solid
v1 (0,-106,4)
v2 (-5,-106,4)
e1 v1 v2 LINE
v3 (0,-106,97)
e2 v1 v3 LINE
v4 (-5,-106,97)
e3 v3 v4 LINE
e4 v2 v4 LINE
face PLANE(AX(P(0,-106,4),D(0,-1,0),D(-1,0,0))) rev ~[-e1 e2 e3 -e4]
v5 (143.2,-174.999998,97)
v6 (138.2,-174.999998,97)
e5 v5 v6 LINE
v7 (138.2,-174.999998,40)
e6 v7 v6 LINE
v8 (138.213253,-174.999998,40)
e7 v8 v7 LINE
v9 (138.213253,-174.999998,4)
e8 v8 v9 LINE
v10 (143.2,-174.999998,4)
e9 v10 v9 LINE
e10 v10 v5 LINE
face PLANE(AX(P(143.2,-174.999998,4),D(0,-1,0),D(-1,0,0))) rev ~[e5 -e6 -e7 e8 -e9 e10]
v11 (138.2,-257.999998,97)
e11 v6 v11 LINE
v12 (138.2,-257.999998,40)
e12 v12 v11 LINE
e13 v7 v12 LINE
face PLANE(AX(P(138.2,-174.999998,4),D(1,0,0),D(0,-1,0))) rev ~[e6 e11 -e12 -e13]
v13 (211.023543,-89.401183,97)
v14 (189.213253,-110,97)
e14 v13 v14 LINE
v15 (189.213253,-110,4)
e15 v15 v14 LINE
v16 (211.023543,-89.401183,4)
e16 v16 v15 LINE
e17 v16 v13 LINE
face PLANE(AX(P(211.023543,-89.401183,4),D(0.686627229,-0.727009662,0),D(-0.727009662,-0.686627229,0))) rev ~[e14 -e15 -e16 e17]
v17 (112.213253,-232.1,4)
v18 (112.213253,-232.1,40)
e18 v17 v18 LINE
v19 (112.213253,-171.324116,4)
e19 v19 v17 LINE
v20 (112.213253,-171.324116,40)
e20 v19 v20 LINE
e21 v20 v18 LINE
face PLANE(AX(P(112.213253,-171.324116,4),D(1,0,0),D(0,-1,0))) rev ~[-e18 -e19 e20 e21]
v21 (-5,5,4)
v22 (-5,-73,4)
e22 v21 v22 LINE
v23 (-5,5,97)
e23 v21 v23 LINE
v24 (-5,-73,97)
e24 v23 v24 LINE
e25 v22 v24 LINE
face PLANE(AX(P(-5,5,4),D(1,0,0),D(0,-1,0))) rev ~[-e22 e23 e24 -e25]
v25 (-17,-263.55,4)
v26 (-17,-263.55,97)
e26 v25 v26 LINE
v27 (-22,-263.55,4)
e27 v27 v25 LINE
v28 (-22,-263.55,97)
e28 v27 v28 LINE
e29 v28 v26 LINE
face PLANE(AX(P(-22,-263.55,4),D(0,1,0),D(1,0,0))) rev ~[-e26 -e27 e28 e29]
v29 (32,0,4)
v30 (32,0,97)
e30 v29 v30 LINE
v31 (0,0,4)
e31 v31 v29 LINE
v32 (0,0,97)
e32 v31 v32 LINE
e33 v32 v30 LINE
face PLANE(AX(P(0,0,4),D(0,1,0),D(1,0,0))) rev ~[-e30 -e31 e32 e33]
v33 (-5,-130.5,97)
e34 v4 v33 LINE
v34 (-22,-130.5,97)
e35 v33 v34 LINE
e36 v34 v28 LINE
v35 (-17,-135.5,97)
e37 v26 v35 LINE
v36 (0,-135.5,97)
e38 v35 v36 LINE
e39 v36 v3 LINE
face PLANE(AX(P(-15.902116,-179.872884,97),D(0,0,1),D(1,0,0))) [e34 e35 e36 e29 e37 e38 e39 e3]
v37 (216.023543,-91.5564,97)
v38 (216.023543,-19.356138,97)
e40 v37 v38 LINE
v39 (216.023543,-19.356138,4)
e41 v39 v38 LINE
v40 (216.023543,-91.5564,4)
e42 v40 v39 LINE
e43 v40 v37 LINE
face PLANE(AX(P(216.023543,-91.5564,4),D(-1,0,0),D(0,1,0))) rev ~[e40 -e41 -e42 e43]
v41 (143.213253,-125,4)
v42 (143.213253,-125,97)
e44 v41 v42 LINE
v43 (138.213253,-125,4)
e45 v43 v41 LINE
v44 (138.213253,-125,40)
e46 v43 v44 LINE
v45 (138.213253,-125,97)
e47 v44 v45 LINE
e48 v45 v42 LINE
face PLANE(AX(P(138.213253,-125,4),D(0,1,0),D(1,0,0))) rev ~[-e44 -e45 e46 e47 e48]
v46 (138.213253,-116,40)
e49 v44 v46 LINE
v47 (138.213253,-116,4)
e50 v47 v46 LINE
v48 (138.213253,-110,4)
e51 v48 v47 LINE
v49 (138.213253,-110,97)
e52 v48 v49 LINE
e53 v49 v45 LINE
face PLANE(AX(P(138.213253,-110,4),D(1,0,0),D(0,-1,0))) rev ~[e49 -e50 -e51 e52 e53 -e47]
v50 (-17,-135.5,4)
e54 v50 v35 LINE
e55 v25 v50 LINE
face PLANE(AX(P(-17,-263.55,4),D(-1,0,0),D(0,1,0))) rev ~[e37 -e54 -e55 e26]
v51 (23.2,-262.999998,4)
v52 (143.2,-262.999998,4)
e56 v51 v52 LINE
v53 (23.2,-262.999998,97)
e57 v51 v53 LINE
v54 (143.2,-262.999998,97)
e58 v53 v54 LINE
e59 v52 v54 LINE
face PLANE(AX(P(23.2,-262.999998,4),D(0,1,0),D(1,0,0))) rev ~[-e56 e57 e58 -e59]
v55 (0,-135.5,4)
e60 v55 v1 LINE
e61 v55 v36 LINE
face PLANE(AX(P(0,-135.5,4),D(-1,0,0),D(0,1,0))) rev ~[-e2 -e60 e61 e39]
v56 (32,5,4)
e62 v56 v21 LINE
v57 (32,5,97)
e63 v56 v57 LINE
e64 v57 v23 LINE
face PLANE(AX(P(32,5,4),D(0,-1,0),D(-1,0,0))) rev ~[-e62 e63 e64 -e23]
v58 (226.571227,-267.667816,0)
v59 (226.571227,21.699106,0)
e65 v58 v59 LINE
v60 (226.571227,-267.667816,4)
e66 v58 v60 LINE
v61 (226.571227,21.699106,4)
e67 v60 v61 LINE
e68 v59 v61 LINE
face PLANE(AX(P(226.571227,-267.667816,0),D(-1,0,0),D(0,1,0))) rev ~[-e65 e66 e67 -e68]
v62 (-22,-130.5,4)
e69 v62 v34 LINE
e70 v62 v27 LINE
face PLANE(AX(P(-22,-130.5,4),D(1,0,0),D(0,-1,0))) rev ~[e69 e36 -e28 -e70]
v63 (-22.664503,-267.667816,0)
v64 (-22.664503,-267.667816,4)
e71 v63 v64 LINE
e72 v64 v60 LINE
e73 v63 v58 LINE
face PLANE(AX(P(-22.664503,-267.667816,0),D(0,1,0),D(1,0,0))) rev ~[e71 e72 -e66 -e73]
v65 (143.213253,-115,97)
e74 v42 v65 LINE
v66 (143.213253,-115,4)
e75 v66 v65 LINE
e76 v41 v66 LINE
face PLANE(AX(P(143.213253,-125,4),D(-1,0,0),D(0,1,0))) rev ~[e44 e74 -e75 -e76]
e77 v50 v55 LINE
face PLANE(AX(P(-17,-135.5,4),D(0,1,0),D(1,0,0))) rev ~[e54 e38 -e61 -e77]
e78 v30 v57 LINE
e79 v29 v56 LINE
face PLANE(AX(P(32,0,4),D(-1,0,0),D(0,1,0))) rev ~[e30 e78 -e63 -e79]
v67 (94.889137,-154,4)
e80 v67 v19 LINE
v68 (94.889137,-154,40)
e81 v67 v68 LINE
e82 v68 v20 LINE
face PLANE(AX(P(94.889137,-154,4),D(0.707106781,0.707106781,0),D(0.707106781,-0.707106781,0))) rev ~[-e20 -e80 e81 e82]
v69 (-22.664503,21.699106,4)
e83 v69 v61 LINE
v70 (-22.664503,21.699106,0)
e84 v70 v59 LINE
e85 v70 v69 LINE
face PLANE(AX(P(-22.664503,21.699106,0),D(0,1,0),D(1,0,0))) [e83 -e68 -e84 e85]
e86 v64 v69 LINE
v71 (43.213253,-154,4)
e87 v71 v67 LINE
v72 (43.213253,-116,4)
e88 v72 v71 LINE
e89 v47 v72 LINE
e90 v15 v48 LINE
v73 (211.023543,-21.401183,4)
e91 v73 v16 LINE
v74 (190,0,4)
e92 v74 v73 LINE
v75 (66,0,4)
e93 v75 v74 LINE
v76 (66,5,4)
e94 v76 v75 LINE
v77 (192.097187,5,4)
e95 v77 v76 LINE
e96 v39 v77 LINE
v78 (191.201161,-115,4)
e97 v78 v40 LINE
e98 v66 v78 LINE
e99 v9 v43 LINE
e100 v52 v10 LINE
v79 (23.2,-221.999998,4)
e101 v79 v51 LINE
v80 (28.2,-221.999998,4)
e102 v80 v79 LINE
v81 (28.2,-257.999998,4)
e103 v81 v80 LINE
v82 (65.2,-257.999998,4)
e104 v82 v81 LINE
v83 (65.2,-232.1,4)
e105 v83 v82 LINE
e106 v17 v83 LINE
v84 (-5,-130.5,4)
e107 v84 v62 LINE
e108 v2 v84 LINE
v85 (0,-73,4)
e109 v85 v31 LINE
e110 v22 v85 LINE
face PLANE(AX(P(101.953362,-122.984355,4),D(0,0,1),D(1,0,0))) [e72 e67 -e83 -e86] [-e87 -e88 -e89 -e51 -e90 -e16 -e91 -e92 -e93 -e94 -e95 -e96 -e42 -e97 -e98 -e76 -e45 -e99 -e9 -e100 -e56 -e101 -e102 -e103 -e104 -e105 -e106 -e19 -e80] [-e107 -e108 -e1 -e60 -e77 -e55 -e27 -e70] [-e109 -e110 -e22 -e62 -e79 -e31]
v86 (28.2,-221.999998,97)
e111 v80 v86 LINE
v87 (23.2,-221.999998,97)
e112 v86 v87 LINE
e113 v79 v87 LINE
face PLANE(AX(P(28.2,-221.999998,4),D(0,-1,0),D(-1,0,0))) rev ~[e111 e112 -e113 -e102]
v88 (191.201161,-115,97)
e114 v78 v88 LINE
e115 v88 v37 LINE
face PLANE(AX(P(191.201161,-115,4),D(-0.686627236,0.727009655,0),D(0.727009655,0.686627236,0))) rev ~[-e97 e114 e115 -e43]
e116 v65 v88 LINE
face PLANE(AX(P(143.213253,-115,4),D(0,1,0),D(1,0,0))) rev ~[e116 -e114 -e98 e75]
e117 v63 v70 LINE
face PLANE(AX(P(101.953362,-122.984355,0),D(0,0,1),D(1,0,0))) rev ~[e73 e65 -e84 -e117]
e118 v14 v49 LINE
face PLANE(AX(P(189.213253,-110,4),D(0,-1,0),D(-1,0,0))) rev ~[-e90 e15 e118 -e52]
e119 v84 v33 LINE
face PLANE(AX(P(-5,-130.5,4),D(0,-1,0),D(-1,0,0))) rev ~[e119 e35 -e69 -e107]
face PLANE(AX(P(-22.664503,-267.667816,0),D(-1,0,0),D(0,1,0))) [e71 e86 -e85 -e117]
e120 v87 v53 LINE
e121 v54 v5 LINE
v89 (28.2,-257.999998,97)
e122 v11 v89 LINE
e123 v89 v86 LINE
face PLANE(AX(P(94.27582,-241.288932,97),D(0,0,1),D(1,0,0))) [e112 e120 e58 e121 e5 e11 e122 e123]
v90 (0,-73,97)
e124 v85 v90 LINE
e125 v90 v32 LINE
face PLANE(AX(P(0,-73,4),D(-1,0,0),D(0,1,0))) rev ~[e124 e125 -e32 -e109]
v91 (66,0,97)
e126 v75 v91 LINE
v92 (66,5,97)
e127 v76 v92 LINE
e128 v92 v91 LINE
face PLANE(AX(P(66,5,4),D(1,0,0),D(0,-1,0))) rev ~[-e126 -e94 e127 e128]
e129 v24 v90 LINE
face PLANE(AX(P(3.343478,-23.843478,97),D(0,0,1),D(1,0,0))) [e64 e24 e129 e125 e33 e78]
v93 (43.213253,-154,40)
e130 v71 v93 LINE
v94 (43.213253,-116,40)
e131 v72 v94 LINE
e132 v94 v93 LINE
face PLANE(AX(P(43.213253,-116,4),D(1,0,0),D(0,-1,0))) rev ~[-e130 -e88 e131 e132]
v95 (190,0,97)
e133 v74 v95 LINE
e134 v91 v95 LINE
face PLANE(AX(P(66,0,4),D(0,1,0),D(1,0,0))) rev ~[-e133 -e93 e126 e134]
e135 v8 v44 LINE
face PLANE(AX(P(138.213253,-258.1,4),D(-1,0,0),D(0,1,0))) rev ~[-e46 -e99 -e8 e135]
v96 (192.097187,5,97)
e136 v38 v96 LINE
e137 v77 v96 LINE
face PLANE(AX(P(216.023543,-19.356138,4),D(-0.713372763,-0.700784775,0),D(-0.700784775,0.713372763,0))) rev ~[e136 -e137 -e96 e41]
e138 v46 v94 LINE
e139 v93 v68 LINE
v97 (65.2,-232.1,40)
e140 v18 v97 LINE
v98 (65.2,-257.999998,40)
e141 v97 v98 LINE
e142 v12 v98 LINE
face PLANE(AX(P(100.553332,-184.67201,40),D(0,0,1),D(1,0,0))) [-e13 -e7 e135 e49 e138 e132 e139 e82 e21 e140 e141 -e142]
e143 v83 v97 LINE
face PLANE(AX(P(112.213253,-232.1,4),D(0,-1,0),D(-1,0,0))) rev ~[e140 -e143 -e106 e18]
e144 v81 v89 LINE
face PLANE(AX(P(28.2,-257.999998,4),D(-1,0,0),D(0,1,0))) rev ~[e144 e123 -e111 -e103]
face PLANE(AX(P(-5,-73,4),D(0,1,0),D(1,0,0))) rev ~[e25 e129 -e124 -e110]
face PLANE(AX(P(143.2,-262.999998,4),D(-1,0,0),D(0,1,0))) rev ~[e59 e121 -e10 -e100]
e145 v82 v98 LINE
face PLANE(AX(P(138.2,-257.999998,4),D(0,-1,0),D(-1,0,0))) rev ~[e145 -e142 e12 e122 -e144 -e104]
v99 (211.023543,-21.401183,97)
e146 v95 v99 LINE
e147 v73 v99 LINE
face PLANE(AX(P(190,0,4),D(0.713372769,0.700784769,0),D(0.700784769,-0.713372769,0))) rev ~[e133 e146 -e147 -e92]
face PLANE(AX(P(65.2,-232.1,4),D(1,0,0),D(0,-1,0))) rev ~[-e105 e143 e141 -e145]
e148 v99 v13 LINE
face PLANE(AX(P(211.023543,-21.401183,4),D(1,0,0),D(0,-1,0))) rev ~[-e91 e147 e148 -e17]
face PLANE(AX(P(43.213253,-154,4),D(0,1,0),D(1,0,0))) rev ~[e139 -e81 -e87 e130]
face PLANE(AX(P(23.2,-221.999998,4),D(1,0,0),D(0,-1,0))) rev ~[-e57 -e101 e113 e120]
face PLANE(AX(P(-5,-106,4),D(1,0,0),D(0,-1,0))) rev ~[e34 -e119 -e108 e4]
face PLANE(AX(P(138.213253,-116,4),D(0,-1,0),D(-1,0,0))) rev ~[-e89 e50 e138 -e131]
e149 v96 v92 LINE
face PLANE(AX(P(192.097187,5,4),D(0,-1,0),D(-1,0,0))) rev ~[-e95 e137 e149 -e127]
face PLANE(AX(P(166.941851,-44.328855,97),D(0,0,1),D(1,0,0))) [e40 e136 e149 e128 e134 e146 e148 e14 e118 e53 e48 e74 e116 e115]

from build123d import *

# Parameters (mm, degrees)
SKETCH001_W  = 249.235731
SKETCH001_H  = 289.366922
PAD_DEPTH    = 4
PAD001_DEPTH = 93
PAD002_DEPTH = 36


with BuildPart() as part:
    # Sketch001 → Pad (new body)
    with BuildSketch(Plane.XY):
        with Locations((101.953362, -122.984355)):
            Rectangle(SKETCH001_W, SKETCH001_H)
    extrude(amount=PAD_DEPTH)

    # Sketch (on Face6 of Pad) → Pad001 (join)
    with BuildSketch(Plane.XY.offset(4)):
        Polygon((-17, -135.5), (0, -135.5), (0, -106), (-5, -106), (-5, -130.5), (-22, -130.5), (-22, -263.55), (-17, -263.55), align=None)
        Polygon((0, 0), (32, 0), (32, 5), (-5, 5), (-5, -73), (0, -73), align=None)
        Polygon((66, 5), (66, 0), (190, 0), (211.023543, -21.401183), (211.023543, -89.401183), (189.213253, -110), (138.213253, -110), (138.213253, -125), (143.213253, -125), (143.213253, -115), (191.201161, -115), (216.023543, -91.5564), (216.023543, -19.356138), (192.097187, 5), align=None)
        Polygon((138.2, -257.999998), (28.2, -257.999998), (28.2, -221.999998), (23.2, -221.999998), (23.2, -262.999998), (143.2, -262.999998), (143.2, -174.999998), (138.2, -174.999998), align=None)
    extrude(amount=PAD001_DEPTH)

    # Sketch002 (on Face5 of Pad001) → Pad002 (join)
    with BuildSketch(Plane.XY.offset(4)):
        Polygon((138.213253, -116), (43.213253, -116), (43.213253, -154), (94.889137, -154), (112.213253, -171.324116), (112.213253, -232.1), (65.2, -232.1), (65.2, -258.1), (138.213253, -258.1), align=None)
    extrude(amount=PAD002_DEPTH)


solid = part.part
